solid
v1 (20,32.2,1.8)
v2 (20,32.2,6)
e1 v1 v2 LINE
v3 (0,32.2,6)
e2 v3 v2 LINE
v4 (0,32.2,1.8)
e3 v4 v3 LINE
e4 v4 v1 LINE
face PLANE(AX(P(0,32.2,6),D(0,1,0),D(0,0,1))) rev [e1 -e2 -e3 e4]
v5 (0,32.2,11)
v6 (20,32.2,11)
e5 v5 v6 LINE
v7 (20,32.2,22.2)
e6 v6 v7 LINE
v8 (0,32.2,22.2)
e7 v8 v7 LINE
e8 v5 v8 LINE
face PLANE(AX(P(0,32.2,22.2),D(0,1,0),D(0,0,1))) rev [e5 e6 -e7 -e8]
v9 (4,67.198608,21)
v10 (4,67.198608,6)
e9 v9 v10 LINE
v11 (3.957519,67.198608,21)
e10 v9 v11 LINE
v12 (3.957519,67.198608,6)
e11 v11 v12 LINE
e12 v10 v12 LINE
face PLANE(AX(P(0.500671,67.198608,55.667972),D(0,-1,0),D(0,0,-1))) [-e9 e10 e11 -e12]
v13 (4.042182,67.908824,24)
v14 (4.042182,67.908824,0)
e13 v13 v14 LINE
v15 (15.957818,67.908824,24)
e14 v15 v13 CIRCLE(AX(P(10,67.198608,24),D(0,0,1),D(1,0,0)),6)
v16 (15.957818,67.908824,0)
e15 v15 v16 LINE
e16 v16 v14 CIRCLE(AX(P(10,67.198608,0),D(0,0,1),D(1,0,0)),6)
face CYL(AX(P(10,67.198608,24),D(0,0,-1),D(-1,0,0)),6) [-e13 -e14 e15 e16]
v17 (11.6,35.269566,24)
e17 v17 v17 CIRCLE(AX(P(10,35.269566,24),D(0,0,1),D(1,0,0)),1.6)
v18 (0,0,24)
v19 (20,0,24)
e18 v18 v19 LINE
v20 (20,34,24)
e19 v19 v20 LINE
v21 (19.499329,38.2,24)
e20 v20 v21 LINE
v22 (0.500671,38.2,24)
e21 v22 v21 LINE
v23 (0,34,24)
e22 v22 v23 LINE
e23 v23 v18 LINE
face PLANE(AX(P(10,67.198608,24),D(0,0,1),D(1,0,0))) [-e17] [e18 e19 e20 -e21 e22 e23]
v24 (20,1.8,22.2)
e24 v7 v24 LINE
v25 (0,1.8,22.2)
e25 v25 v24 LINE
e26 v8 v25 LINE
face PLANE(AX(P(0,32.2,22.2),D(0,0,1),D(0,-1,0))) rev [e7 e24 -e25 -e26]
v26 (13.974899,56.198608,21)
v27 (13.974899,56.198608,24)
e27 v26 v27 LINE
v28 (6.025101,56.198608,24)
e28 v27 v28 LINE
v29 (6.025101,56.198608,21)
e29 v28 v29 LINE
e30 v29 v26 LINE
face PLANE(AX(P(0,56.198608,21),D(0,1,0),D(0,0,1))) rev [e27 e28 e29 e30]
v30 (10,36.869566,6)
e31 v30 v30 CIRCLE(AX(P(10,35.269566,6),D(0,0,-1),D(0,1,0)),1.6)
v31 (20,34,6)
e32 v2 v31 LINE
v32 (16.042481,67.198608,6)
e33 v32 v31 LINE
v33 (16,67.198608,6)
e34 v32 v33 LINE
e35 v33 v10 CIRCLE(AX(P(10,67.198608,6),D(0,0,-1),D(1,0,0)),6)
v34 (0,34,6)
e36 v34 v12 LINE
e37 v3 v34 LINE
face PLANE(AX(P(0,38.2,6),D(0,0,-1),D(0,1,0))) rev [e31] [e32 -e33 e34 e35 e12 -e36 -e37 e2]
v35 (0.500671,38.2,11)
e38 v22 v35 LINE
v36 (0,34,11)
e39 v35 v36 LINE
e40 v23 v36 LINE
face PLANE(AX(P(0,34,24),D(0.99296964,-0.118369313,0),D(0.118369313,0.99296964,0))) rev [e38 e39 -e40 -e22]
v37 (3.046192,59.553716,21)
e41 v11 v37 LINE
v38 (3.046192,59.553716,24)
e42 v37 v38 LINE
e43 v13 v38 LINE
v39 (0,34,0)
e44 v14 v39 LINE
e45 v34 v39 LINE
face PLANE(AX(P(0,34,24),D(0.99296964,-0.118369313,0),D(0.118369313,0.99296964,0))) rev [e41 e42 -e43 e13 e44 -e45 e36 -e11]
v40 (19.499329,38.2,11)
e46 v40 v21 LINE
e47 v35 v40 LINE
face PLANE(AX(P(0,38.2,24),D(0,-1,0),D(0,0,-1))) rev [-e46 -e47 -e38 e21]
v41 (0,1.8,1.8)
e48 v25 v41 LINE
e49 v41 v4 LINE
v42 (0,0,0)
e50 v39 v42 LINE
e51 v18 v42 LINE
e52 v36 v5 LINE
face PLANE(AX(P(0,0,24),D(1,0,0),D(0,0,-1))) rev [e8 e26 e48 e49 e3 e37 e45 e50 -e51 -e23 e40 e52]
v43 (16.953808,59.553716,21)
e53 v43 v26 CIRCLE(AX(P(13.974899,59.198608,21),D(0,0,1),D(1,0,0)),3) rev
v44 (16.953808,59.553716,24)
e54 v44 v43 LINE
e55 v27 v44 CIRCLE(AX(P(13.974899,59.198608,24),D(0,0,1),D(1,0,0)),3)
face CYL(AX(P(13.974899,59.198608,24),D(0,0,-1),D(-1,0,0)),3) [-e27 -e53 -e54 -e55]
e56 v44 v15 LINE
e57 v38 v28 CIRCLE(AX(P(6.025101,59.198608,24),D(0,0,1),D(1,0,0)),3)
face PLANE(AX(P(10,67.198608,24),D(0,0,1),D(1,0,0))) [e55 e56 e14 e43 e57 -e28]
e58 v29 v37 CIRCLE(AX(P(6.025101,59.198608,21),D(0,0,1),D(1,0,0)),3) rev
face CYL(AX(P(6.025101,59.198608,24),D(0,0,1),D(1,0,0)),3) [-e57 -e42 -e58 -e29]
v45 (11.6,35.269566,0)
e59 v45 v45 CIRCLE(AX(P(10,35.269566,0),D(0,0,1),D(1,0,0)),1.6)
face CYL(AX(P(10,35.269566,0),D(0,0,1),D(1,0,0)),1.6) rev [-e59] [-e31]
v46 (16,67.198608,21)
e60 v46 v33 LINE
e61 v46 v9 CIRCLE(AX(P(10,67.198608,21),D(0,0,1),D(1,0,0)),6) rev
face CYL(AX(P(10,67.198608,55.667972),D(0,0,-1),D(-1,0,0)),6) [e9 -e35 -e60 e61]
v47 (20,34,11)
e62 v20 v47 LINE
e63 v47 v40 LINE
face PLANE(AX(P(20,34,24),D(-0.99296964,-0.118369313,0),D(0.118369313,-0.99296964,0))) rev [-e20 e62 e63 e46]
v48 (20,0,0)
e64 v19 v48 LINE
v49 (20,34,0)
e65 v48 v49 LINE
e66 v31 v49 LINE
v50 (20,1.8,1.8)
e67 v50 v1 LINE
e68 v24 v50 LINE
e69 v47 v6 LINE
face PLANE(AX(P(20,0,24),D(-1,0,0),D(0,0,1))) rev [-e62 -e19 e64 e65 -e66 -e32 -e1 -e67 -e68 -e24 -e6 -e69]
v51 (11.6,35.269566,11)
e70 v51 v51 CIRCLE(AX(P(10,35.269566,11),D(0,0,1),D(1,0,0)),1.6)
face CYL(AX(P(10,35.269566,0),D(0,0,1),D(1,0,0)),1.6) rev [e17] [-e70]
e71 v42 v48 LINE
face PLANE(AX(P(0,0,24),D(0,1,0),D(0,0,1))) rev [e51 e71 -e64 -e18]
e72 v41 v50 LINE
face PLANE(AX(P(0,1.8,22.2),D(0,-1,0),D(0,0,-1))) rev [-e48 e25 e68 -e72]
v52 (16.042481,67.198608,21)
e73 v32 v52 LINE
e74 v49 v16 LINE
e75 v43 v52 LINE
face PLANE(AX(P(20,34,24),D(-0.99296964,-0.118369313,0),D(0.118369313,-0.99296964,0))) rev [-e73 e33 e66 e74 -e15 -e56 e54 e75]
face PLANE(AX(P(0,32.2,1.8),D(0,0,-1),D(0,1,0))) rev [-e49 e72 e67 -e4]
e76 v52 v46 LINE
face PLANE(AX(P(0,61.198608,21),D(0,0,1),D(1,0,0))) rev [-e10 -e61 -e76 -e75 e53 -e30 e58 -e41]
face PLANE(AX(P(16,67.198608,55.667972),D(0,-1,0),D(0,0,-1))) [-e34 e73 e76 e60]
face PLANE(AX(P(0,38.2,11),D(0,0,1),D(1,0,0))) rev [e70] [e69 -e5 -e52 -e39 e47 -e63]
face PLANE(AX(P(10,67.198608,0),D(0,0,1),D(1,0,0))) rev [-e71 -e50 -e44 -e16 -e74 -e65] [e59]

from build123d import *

# Parameters (mm, degrees)
EXTRUDE_1_DEPTH     = 24
CUT_EXTRUDE_1_DEPTH = 80.586658306
SKETCH_3_R          = 1.6
CUT_EXTRUDE_2_DEPTH = 80.586658306
CUT_EXTRUDE_3_DEPTH = 15
FILLET_1_R          = 3


with BuildPart() as part:
    # 草图1 → 凸台-拉伸1 (new body)
    with BuildSketch(Plane.XY):
        with BuildLine():
            Line((0, 0), (20, 0))
            Line((20, 0), (20, 34))
            Line((20, 34), (15.957817839, 67.908823654))
            ThreePointArc((15.957817839, 67.908823654), (10, 73.198607775), (4.042182161, 67.908823654))
            Line((4.042182161, 67.908823654), (0, 34))
            Line((0, 34), (0, 0))
        make_face()
    extrude(amount=EXTRUDE_1_DEPTH)

    # 草图2 → 切除-拉伸1 (cut, through all)
    with BuildSketch(Plane(origin=(20, 0, 0), x_dir=(0, 0, -1), z_dir=(1, 0, 0))):
        Polygon((-22.2, 32.2), (-11, 32.2), (-11, 38.2), (-24, 38.2), (-24, 56.198607775), (-21, 56.198607775), (-21, 61.198607775), (-6, 61.198607775), (-6, 38.2), (-6, 32.2), (-1.8, 32.2), (-1.8, 1.8), (-22.2, 1.8), align=None)
    extrude(amount=-CUT_EXTRUDE_1_DEPTH, mode=Mode.SUBTRACT)

    # 草图3 → 切除-拉伸2 (cut, through all)
    with BuildSketch(Plane.XY.offset(24)):
        with Locations((10, 35.269565603)):
            Circle(SKETCH_3_R)
    extrude(amount=-CUT_EXTRUDE_2_DEPTH, mode=Mode.SUBTRACT)

    # 草图4 → 切除-拉伸3 (cut)
    with BuildSketch(Plane.XY.offset(6)):
        with BuildLine():
            Line((16, 67.198607775), (19.499328987, 67.198607775))
            Line((19.499328987, 67.198607775), (19.499328987, 38.2))
            Line((19.499328987, 38.2), (0.500671013, 38.2))
            Line((0.500671013, 38.2), (0.500671013, 67.198607775))
            Line((0.500671013, 67.198607775), (4, 67.198607775))
            ThreePointArc((4, 67.198607775), (10, 61.198607775), (16, 67.198607775))
        make_face()
    extrude(amount=CUT_EXTRUDE_3_DEPTH, mode=Mode.SUBTRACT)

    # 圆角1
    fillet_1_edges = [part.edges().sort_by_distance(p)[0] for p in [
        (17.35376204, 56.198607775, 22.5),
        (2.64623796, 56.198607775, 22.5),
    ]]
    fillet(fillet_1_edges, radius=FILLET_1_R)


solid = part.part
